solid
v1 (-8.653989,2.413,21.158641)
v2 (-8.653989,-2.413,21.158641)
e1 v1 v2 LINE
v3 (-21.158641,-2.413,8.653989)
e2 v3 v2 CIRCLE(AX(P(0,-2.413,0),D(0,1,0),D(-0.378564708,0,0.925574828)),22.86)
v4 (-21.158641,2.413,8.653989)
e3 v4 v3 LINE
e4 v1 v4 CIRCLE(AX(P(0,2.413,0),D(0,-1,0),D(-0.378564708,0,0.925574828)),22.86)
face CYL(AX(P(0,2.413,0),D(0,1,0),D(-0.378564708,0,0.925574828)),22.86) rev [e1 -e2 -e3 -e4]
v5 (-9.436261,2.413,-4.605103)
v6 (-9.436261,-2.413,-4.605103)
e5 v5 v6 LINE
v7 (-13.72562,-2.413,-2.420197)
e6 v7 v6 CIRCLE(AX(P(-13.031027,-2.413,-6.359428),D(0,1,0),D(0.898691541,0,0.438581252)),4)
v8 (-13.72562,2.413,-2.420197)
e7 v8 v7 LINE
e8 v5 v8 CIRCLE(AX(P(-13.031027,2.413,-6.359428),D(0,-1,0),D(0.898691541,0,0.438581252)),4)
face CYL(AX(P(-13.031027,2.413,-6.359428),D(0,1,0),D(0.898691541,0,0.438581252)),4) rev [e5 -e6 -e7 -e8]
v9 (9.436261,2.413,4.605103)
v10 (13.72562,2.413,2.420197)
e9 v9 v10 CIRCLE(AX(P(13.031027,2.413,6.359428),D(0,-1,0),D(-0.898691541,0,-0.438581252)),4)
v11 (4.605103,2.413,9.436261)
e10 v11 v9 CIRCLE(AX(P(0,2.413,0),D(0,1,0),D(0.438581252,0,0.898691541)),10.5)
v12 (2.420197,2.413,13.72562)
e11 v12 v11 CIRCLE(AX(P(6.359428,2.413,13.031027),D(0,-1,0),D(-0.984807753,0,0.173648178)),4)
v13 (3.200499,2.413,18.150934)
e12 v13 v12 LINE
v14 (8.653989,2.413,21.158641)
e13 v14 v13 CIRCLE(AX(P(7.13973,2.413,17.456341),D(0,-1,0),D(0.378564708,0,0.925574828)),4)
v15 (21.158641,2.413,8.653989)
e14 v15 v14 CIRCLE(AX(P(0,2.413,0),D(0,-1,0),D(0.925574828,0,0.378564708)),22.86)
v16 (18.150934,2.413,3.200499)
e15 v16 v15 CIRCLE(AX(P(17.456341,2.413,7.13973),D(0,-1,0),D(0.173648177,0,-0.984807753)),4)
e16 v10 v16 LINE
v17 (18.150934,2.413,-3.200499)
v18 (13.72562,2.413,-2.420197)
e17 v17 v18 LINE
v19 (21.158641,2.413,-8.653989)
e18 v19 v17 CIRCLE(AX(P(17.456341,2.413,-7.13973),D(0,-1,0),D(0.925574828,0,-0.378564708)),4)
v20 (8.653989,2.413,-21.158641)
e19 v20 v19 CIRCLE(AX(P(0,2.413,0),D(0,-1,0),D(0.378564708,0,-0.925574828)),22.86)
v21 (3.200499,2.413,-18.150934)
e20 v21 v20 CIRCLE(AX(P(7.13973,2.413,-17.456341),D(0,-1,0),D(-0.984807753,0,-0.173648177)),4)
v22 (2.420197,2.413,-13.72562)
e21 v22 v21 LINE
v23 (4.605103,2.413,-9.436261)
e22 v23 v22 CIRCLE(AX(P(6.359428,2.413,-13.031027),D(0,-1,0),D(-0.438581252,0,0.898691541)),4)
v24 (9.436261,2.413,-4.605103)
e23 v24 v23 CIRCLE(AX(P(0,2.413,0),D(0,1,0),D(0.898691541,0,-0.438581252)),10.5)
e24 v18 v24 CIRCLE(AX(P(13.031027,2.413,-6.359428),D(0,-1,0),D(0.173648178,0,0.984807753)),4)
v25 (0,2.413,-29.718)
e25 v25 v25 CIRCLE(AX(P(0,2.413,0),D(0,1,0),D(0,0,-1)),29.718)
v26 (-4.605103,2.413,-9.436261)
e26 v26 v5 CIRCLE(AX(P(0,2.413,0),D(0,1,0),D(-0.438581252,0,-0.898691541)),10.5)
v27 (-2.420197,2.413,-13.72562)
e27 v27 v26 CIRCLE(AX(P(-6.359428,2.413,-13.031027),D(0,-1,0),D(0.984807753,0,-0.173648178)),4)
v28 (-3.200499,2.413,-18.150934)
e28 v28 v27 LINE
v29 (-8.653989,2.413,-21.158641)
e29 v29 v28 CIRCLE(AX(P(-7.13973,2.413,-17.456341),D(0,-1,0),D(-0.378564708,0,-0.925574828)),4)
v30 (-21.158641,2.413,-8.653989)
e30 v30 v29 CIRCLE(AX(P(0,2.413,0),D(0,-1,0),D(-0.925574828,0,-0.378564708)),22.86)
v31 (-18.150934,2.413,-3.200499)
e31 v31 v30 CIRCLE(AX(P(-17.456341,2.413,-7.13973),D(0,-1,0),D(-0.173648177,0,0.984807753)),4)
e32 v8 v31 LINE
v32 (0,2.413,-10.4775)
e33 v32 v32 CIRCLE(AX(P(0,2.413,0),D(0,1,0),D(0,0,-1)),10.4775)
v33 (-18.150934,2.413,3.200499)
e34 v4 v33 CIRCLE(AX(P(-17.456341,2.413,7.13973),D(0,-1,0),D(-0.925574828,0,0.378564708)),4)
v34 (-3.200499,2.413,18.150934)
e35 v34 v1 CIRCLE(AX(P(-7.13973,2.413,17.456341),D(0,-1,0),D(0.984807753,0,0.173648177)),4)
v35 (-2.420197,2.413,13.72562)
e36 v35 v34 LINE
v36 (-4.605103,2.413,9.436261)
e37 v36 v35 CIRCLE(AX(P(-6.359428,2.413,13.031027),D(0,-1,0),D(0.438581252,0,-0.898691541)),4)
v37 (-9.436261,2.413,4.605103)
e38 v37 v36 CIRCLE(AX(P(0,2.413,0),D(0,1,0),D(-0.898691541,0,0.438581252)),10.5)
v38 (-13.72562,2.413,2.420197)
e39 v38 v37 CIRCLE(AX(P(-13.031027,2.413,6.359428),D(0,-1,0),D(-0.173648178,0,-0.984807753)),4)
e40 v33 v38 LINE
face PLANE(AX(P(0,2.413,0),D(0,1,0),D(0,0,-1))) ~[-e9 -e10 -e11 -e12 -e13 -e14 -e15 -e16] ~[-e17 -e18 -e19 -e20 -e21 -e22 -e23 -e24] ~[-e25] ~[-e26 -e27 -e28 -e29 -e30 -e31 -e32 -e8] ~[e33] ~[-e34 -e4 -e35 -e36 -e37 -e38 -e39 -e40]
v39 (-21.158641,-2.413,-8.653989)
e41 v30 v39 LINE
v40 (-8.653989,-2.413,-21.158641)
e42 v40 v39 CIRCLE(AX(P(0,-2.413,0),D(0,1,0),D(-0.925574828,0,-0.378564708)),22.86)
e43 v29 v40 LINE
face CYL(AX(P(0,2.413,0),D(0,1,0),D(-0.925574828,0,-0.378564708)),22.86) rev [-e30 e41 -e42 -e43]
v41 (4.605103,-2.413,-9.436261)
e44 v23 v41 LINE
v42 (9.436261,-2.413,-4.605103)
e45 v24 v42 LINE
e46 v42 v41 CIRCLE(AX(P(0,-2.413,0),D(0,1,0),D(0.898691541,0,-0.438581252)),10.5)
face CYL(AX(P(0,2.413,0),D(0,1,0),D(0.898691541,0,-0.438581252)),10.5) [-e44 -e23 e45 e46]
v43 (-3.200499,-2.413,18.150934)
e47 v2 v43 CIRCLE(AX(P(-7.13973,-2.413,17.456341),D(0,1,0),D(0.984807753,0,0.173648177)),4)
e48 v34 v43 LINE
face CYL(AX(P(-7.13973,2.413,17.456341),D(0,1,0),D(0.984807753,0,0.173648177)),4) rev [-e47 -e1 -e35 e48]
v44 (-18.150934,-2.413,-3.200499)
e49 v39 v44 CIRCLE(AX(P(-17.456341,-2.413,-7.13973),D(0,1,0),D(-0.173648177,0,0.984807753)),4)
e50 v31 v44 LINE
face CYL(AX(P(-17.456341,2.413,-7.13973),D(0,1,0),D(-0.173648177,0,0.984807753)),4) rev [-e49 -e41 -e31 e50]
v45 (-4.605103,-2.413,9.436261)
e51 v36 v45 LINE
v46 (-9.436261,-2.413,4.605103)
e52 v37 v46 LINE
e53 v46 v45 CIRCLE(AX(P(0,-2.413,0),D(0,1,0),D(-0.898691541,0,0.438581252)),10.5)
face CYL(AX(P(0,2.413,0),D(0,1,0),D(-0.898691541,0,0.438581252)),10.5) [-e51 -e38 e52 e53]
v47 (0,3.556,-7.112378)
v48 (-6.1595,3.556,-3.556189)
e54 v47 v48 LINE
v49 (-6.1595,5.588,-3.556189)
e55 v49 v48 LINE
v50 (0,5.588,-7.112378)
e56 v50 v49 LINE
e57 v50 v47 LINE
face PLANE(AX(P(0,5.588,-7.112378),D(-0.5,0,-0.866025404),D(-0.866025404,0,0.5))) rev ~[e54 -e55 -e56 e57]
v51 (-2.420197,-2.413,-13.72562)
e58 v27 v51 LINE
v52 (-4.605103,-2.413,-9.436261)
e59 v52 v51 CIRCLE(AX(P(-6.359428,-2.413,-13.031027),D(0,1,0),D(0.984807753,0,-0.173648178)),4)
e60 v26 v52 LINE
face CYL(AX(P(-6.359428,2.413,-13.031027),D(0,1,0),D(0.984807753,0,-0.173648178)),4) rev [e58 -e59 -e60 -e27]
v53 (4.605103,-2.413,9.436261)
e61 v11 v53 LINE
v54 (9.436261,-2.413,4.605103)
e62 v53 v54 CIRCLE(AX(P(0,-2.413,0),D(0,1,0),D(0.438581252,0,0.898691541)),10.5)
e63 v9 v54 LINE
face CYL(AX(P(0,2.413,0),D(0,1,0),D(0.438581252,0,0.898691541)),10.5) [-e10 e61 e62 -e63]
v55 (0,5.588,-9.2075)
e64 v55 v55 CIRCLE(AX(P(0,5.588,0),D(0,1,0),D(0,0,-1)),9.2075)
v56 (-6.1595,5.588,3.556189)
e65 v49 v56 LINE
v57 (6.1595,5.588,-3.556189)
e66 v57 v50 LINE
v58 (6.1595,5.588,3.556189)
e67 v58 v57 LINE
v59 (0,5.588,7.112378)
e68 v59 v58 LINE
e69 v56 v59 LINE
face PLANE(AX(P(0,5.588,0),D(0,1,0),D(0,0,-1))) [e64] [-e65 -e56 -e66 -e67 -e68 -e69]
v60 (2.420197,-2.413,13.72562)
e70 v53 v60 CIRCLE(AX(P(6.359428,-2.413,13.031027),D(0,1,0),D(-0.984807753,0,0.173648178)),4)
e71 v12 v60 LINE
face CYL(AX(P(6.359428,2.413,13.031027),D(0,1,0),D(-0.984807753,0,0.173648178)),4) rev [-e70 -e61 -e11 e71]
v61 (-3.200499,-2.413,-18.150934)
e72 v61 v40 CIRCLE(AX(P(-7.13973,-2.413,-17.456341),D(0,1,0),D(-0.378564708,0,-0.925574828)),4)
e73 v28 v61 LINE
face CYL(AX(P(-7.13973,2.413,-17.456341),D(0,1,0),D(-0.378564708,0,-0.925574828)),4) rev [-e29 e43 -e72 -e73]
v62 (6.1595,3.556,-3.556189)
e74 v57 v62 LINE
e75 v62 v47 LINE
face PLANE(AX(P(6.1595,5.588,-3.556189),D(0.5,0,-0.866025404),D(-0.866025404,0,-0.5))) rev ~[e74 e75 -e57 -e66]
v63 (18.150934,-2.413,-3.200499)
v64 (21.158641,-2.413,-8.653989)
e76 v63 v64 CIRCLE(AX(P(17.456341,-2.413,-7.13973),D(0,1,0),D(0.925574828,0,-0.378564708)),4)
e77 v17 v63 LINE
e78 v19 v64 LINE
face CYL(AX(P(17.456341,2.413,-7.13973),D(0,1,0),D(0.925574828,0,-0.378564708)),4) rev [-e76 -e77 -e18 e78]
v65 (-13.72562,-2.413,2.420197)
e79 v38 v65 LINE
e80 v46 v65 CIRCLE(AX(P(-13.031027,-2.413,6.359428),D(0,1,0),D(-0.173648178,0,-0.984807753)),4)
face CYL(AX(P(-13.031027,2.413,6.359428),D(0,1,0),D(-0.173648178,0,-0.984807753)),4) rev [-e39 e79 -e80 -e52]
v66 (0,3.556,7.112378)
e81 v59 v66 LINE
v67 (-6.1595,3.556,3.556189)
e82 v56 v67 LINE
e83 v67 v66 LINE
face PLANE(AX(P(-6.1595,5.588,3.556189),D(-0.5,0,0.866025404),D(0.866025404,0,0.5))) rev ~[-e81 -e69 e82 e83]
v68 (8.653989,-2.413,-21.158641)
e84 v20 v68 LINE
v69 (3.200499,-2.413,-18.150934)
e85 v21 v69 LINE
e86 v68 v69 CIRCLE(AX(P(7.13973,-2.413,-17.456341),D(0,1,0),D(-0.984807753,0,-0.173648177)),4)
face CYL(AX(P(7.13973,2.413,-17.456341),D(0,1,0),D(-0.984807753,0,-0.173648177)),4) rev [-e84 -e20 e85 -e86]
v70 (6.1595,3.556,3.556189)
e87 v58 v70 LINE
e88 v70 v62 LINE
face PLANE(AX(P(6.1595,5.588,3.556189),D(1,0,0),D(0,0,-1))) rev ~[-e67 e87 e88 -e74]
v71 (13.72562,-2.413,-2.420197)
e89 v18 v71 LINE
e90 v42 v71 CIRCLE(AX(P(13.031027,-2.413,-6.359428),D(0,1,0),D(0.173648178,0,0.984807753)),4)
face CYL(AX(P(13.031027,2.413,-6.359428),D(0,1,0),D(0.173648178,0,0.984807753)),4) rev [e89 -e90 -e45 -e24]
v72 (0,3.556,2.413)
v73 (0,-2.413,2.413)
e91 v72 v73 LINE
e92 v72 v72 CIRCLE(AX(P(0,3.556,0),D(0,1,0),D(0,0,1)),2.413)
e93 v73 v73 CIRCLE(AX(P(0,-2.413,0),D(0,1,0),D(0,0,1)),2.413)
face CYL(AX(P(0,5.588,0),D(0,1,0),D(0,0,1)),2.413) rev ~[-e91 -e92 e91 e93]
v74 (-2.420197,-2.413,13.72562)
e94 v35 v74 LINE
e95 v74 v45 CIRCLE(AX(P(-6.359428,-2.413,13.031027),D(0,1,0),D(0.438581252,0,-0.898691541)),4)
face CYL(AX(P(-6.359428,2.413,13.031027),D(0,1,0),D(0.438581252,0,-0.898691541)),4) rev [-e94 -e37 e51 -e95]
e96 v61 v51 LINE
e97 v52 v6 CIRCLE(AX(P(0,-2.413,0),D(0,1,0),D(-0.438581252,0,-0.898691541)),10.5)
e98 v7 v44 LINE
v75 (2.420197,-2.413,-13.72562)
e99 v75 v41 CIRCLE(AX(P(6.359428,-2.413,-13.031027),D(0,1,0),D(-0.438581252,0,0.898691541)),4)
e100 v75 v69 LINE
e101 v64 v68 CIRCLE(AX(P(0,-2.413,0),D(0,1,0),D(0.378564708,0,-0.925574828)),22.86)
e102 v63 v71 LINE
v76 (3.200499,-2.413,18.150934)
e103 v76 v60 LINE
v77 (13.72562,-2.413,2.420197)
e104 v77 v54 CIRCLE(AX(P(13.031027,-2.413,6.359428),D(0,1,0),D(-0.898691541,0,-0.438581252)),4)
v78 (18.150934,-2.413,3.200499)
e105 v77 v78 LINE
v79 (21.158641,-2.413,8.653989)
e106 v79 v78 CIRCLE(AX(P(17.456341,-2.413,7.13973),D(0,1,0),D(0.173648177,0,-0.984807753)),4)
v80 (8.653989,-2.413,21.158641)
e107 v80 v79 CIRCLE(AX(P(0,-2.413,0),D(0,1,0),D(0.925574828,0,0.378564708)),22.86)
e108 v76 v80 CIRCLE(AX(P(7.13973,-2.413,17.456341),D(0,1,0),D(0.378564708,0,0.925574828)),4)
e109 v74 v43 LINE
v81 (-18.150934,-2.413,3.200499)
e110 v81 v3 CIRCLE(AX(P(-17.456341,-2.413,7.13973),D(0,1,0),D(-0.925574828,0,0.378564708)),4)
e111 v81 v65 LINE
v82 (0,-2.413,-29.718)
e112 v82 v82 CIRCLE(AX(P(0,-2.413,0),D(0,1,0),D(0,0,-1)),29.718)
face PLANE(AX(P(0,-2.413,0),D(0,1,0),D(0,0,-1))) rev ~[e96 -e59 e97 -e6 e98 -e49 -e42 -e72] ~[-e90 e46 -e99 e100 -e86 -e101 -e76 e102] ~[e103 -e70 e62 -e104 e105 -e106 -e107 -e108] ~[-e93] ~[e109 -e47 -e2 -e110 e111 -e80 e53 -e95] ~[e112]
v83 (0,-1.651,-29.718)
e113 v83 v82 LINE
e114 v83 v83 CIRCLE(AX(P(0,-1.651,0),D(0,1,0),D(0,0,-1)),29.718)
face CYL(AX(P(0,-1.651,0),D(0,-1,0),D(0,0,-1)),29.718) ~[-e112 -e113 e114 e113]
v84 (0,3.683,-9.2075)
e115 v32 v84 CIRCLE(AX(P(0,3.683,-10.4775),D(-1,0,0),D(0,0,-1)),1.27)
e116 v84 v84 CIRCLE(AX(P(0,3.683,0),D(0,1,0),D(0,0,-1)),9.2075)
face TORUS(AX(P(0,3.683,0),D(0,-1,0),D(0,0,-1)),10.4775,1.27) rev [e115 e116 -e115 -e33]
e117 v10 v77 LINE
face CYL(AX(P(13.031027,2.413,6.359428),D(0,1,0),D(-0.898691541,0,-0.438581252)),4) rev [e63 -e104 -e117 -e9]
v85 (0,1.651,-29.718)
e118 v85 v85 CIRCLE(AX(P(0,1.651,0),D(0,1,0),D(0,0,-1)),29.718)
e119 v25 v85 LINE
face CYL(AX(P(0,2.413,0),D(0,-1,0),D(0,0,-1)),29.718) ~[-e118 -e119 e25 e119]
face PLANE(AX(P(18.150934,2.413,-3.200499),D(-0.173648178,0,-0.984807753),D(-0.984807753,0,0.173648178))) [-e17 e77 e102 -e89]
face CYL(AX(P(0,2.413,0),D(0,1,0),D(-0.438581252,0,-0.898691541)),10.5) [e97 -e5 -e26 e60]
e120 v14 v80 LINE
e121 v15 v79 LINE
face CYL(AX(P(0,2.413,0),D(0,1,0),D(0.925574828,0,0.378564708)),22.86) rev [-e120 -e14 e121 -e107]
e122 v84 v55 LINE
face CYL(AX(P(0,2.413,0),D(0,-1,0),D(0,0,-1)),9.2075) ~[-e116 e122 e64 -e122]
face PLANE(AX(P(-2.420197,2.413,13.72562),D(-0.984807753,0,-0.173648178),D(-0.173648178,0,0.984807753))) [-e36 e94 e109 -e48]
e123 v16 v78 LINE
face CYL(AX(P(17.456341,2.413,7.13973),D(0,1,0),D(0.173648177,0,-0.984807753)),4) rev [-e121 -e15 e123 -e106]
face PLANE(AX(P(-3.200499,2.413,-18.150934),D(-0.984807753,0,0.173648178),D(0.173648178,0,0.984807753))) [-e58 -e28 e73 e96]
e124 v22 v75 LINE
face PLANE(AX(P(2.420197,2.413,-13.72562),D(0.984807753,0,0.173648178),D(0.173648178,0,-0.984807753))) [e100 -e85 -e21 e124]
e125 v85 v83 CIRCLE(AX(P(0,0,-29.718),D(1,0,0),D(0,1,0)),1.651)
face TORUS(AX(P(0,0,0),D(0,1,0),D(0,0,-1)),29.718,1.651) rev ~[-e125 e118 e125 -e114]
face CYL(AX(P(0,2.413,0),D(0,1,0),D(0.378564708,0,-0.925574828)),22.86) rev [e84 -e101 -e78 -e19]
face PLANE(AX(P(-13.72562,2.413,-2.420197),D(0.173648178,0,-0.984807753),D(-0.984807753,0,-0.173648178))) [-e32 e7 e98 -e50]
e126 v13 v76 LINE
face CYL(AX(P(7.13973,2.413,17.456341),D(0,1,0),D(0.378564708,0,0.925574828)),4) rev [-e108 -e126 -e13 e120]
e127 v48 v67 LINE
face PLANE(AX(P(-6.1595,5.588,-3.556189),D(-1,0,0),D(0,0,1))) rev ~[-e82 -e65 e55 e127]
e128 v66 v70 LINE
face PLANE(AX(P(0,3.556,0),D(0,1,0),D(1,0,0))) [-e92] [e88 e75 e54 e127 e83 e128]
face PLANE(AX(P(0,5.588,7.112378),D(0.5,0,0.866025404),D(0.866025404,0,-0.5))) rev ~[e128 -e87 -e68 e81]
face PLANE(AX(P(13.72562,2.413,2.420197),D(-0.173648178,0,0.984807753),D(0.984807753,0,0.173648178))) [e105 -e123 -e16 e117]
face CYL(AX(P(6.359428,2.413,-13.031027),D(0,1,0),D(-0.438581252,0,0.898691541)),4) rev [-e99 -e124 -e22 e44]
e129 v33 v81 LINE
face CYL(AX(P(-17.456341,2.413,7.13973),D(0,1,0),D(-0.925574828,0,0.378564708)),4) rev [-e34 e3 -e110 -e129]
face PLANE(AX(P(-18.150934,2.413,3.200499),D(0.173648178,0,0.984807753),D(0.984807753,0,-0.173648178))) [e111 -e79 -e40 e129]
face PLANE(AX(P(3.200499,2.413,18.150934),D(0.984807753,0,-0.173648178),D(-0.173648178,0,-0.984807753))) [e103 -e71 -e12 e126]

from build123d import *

# Parameters (mm, degrees)
CUT_EXTRUDE1_DEPTH  = 43.303774347
CIRPATTERN1_COUNT   = 4
SKETCH8_R           = 9.2075
BOSS_EXTRUDE1_DEPTH = 3.175
CUT_EXTRUDE2_DEPTH  = 2.032
SKETCH7_R           = 2.413
CUT_EXTRUDE3_DEPTH  = 43.782415184
FILLET1_R           = 1.27


with BuildPart() as part:
    # Sketch1 → Revolve1 (revolve)
    with BuildSketch(Plane(origin=(0, 0, 0), x_dir=(0, 0, -1), z_dir=(1, 0, 0))):
        with BuildLine():
            Line((0, -1.651), (0, 1.651))
            Line((0, 1.651), (0, 2.413))
            Line((0, 2.413), (-29.718, 2.413))
            Line((-29.718, 2.413), (-29.718, 1.651))
            ThreePointArc((-29.718, 1.651), (-28.067, 0), (-29.718, -1.651))
            Line((-29.718, -1.651), (-29.718, -2.413))
            Line((-29.718, -2.413), (0, -2.413))
            Line((0, -2.413), (0, -1.651))
        make_face()
    revolve(axis=Axis((0, -1.651, 0), (0, 1, 0)))

    # Sketch4 → Cut-Extrude1 (cut, through all)
    with BuildSketch(Plane(origin=(0, 2.413, 0), x_dir=(1, 0, 0), z_dir=(0, 1, 0))):
        with BuildLine():
            Line((-18.150933962, -3.200499383), (-13.725620051, -2.420197142))
            ThreePointArc((-13.725620051, -2.420197142), (-11.215481947, -2.795189817), (-9.436261178, -4.605103146))
            ThreePointArc((-9.436261178, -4.605103146), (-7.424621202, -7.424621202), (-4.605103146, -9.436261178))
            ThreePointArc((-4.605103146, -9.436261178), (-2.795189817, -11.215481947), (-2.420197142, -13.725620051))
            Line((-2.420197142, -13.725620051), (-3.200499383, -18.150933962))
            ThreePointArc((-3.200499383, -18.150933962), (-5.207970247, -20.958954952), (-8.653989227, -21.158640563))
            ThreePointArc((-8.653989227, -21.158640563), (-16.164461018, -16.164461018), (-21.158640563, -8.653989227))
            ThreePointArc((-21.158640563, -8.653989227), (-20.958954952, -5.207970247), (-18.150933962, -3.200499383))
        make_face()
    cut_extrude1 = extrude(amount=-CUT_EXTRUDE1_DEPTH, mode=Mode.SUBTRACT)

    # CirPattern1: Cut-Extrude1 ×4 about axis
    cirpattern1_axis = Axis((0, 2.413, 0), (0, -1, 0))
    for i in range(1, CIRPATTERN1_COUNT):
        add(cut_extrude1.rotate(cirpattern1_axis, i * 360 / CIRPATTERN1_COUNT), mode=Mode.SUBTRACT)

    # Sketch8 → Boss-Extrude1 (add)
    with BuildSketch(Plane(origin=(0, 2.413, 0), x_dir=(1, 0, 0), z_dir=(0, 1, 0))):
        Circle(SKETCH8_R)
    extrude(amount=BOSS_EXTRUDE1_DEPTH)

    # Sketch6 → Cut-Extrude2 (cut)
    with BuildSketch(Plane(origin=(0, 5.588, 0), x_dir=(1, 0, 0), z_dir=(0, 1, 0))):
        Polygon((0, 7.112377966), (-6.1595, 3.556188983), (-6.1595, -3.556188983), (0, -7.112377966), (6.1595, -3.556188983), (6.1595, 3.556188983), align=None)
    extrude(amount=-CUT_EXTRUDE2_DEPTH, mode=Mode.SUBTRACT)

    # Sketch7 → Cut-Extrude3 (cut, through all)
    with BuildSketch(Plane(origin=(0, 5.588, 0), x_dir=(1, 0, 0), z_dir=(0, 1, 0))):
        Circle(SKETCH7_R)
    extrude(amount=-CUT_EXTRUDE3_DEPTH, mode=Mode.SUBTRACT)

    # Fillet1
    fillet1_edges = [part.edges().sort_by_distance(p)[0] for p in [
        (-9.2075, 2.413, 0),
    ]]
    fillet(fillet1_edges, radius=FILLET1_R)


solid = part.part
